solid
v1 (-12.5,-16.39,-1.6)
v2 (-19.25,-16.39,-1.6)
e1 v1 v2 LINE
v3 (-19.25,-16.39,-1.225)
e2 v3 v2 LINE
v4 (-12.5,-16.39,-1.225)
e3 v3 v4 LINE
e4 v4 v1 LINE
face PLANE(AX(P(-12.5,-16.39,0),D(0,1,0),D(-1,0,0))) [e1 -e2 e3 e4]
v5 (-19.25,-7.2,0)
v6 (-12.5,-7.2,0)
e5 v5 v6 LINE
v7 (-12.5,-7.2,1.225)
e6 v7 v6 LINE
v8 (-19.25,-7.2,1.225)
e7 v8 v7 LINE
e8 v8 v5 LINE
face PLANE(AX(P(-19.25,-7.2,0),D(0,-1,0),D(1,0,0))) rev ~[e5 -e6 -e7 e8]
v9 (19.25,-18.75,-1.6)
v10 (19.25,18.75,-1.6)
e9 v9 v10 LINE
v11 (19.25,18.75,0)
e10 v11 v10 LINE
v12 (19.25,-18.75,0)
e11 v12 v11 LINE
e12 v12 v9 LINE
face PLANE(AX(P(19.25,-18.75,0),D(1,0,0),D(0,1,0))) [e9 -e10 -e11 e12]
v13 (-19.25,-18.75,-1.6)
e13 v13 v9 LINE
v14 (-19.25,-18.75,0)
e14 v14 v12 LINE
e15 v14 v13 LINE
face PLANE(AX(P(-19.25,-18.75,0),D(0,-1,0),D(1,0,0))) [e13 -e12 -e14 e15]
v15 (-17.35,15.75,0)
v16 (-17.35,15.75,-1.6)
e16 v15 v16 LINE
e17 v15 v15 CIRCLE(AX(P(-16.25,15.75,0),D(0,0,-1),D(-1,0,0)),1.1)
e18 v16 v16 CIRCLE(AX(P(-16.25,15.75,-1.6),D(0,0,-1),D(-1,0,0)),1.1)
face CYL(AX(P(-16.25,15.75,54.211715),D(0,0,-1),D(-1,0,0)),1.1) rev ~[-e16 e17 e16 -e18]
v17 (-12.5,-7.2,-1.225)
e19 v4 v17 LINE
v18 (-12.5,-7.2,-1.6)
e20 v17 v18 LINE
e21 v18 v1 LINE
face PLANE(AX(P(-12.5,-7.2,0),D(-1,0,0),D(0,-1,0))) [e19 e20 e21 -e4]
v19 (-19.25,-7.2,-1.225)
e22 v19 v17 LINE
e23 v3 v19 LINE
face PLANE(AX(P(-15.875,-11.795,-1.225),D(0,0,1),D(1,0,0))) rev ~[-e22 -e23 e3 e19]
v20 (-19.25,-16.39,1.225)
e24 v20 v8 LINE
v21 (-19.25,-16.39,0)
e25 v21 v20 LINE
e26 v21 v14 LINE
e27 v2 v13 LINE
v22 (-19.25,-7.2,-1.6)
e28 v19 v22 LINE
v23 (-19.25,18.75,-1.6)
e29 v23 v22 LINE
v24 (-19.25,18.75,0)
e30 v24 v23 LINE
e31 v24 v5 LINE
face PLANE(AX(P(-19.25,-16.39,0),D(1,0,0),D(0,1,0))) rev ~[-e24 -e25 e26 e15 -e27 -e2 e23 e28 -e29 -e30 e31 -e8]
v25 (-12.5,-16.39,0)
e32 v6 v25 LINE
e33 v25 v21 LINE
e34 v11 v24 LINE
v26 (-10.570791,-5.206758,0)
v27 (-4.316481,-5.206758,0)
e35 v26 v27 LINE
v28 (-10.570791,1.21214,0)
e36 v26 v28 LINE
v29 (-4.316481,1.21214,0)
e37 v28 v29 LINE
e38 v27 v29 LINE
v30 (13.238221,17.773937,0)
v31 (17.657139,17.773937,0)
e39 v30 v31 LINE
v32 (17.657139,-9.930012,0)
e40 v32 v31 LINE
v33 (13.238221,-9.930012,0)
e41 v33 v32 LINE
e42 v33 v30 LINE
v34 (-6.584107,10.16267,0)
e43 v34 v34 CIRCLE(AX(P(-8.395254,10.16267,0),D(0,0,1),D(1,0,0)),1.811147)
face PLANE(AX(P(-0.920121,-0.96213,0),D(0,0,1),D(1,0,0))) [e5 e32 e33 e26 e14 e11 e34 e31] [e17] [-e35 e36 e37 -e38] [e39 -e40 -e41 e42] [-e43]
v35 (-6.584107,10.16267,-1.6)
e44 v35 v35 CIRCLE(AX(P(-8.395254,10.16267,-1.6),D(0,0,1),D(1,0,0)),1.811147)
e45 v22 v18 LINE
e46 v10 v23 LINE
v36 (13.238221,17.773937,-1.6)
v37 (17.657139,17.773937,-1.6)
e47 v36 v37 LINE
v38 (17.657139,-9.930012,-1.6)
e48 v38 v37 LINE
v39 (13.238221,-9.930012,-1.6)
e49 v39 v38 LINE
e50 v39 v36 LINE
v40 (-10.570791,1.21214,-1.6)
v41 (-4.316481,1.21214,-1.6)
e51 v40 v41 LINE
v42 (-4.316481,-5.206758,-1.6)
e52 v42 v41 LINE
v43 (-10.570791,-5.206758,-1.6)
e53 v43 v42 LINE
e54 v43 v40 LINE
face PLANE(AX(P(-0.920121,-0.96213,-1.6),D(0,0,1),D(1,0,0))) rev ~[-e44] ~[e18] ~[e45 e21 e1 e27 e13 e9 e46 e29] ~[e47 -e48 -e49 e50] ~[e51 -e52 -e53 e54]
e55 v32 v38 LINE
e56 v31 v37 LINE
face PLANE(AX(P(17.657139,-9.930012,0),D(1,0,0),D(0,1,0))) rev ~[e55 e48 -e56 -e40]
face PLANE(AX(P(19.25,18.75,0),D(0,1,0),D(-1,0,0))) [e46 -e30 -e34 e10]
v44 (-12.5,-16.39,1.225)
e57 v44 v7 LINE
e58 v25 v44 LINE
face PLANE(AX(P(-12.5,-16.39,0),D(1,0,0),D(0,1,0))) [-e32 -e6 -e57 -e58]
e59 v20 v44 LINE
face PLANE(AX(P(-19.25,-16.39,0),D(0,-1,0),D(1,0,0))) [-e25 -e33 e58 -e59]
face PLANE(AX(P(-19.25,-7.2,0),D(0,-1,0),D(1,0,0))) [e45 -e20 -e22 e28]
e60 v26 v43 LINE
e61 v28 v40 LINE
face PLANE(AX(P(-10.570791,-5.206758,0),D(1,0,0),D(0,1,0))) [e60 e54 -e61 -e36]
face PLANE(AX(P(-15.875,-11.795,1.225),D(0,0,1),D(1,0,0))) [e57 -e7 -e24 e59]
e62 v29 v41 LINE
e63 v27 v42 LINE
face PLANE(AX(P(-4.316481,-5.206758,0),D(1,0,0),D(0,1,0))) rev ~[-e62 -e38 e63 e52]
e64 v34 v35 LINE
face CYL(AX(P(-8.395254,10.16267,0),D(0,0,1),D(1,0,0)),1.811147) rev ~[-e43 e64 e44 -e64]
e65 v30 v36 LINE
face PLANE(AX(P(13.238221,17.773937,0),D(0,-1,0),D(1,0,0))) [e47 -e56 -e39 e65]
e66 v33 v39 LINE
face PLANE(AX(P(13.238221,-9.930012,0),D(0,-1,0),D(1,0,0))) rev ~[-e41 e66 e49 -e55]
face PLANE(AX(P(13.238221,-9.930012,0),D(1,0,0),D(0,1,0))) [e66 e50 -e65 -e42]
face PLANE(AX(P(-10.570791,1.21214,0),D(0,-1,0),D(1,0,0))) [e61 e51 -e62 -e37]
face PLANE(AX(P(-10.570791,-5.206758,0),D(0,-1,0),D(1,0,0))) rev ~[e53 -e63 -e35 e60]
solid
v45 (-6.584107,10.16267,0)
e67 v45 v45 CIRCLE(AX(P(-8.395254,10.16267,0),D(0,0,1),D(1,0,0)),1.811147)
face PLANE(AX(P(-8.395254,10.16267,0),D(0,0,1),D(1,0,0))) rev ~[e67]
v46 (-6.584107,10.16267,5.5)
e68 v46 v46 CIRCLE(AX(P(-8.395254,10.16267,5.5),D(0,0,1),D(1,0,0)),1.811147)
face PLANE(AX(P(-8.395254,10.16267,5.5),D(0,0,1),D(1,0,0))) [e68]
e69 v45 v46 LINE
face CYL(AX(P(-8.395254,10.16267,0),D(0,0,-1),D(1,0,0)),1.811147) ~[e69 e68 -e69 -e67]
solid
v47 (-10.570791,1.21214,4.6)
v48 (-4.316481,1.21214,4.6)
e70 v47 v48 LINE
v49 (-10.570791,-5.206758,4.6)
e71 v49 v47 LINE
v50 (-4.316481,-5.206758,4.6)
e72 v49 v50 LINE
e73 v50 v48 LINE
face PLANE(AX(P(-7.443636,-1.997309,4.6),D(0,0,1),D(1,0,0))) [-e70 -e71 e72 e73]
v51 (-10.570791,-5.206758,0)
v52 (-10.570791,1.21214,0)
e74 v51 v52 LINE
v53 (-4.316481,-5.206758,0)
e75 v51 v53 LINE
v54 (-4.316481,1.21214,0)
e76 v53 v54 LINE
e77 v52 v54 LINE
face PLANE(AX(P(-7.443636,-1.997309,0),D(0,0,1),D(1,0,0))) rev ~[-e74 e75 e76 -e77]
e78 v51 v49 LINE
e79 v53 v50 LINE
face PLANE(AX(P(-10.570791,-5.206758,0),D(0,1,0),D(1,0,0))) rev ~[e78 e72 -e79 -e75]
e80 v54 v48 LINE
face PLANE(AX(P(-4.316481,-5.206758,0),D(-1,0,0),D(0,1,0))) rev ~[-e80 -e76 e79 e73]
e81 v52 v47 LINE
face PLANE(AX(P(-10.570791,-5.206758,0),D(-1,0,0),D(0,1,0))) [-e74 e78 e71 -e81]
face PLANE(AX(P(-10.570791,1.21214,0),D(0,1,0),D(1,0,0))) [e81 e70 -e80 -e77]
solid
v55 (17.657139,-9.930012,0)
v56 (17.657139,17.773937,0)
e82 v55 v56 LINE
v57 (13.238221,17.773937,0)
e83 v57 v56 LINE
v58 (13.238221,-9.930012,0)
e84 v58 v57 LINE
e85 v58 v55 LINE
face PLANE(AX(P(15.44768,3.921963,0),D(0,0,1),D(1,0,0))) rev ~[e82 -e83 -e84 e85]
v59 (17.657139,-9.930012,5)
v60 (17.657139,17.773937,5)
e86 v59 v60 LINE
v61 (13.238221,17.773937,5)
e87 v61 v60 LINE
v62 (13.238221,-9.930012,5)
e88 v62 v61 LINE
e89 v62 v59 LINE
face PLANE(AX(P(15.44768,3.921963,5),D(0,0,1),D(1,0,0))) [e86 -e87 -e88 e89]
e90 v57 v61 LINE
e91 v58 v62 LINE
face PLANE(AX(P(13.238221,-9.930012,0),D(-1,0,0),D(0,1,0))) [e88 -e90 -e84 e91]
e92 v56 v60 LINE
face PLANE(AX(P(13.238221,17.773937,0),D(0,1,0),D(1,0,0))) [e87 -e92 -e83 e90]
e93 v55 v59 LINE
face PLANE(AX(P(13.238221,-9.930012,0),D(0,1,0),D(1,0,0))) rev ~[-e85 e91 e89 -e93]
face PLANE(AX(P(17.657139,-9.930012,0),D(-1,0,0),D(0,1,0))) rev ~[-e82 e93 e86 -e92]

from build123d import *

# Parameters (mm, degrees)
F0_W     = 6.25431
F0_H     = 6.418898
F0_R     = 1.811147
F0_W_2   = 4.418919
F0_H_2   = 27.703949
F1_DEPTH = 1.6
F2_DEPTH = 5
F3_DEPTH = 4.6
F4_DEPTH = 5.5
F5_D     = 2.2
F0_W_3   = 6.75
F0_H_3   = 9.19
F6_DEPTH = 1.225


with BuildPart() as f1:
    # F0 (on Top) → F1 (new body)
    with BuildSketch(Plane.XY):
        Polygon((19.25, -18.75), (19.25, 18.75), (-19.25, 18.75), (-19.25, -7.2), (-12.5, -7.2), (-12.5, -16.39), (-19.25, -16.39), (-19.25, -18.75), align=None)
        with Locations((-7.443636, -1.997309)):
            Rectangle(F0_W, F0_H, mode=Mode.SUBTRACT)
        with Locations((-8.395254, 10.16267)):
            Circle(F0_R, mode=Mode.SUBTRACT)
        with Locations((15.44768, 3.921963)):
            Rectangle(F0_W_2, F0_H_2, mode=Mode.SUBTRACT)
    extrude(amount=-F1_DEPTH)

    # F0 (on Top) → F2 (join)
    with BuildSketch(Plane.XY):
        with Locations((15.44768, 3.921963)):
            Rectangle(F0_W_2, F0_H_2)
    extrude(amount=F2_DEPTH)

    # F0 (on Top) → F3 (join)
    with BuildSketch(Plane.XY):
        with Locations((-7.443636, -1.997309)):
            Rectangle(F0_W, F0_H)
    extrude(amount=F3_DEPTH)

    # F0 (on Top) → F4 (join)
    with BuildSketch(Plane.XY):
        with Locations((-8.395254, 10.16267)):
            Circle(F0_R)
    extrude(amount=F4_DEPTH)

    # F5 (through all)
    with Locations(Plane.XY):
        with Locations((-16.25, 15.75)):
            Hole(F5_D / 2)

    # F0 (on Top) → F6 (join, symmetric)
    with BuildSketch(Plane.XY):
        with Locations((-15.875, -11.795)):
            Rectangle(F0_W_3, F0_H_3)
    extrude(amount=F6_DEPTH, both=True)


solid = f1.part
